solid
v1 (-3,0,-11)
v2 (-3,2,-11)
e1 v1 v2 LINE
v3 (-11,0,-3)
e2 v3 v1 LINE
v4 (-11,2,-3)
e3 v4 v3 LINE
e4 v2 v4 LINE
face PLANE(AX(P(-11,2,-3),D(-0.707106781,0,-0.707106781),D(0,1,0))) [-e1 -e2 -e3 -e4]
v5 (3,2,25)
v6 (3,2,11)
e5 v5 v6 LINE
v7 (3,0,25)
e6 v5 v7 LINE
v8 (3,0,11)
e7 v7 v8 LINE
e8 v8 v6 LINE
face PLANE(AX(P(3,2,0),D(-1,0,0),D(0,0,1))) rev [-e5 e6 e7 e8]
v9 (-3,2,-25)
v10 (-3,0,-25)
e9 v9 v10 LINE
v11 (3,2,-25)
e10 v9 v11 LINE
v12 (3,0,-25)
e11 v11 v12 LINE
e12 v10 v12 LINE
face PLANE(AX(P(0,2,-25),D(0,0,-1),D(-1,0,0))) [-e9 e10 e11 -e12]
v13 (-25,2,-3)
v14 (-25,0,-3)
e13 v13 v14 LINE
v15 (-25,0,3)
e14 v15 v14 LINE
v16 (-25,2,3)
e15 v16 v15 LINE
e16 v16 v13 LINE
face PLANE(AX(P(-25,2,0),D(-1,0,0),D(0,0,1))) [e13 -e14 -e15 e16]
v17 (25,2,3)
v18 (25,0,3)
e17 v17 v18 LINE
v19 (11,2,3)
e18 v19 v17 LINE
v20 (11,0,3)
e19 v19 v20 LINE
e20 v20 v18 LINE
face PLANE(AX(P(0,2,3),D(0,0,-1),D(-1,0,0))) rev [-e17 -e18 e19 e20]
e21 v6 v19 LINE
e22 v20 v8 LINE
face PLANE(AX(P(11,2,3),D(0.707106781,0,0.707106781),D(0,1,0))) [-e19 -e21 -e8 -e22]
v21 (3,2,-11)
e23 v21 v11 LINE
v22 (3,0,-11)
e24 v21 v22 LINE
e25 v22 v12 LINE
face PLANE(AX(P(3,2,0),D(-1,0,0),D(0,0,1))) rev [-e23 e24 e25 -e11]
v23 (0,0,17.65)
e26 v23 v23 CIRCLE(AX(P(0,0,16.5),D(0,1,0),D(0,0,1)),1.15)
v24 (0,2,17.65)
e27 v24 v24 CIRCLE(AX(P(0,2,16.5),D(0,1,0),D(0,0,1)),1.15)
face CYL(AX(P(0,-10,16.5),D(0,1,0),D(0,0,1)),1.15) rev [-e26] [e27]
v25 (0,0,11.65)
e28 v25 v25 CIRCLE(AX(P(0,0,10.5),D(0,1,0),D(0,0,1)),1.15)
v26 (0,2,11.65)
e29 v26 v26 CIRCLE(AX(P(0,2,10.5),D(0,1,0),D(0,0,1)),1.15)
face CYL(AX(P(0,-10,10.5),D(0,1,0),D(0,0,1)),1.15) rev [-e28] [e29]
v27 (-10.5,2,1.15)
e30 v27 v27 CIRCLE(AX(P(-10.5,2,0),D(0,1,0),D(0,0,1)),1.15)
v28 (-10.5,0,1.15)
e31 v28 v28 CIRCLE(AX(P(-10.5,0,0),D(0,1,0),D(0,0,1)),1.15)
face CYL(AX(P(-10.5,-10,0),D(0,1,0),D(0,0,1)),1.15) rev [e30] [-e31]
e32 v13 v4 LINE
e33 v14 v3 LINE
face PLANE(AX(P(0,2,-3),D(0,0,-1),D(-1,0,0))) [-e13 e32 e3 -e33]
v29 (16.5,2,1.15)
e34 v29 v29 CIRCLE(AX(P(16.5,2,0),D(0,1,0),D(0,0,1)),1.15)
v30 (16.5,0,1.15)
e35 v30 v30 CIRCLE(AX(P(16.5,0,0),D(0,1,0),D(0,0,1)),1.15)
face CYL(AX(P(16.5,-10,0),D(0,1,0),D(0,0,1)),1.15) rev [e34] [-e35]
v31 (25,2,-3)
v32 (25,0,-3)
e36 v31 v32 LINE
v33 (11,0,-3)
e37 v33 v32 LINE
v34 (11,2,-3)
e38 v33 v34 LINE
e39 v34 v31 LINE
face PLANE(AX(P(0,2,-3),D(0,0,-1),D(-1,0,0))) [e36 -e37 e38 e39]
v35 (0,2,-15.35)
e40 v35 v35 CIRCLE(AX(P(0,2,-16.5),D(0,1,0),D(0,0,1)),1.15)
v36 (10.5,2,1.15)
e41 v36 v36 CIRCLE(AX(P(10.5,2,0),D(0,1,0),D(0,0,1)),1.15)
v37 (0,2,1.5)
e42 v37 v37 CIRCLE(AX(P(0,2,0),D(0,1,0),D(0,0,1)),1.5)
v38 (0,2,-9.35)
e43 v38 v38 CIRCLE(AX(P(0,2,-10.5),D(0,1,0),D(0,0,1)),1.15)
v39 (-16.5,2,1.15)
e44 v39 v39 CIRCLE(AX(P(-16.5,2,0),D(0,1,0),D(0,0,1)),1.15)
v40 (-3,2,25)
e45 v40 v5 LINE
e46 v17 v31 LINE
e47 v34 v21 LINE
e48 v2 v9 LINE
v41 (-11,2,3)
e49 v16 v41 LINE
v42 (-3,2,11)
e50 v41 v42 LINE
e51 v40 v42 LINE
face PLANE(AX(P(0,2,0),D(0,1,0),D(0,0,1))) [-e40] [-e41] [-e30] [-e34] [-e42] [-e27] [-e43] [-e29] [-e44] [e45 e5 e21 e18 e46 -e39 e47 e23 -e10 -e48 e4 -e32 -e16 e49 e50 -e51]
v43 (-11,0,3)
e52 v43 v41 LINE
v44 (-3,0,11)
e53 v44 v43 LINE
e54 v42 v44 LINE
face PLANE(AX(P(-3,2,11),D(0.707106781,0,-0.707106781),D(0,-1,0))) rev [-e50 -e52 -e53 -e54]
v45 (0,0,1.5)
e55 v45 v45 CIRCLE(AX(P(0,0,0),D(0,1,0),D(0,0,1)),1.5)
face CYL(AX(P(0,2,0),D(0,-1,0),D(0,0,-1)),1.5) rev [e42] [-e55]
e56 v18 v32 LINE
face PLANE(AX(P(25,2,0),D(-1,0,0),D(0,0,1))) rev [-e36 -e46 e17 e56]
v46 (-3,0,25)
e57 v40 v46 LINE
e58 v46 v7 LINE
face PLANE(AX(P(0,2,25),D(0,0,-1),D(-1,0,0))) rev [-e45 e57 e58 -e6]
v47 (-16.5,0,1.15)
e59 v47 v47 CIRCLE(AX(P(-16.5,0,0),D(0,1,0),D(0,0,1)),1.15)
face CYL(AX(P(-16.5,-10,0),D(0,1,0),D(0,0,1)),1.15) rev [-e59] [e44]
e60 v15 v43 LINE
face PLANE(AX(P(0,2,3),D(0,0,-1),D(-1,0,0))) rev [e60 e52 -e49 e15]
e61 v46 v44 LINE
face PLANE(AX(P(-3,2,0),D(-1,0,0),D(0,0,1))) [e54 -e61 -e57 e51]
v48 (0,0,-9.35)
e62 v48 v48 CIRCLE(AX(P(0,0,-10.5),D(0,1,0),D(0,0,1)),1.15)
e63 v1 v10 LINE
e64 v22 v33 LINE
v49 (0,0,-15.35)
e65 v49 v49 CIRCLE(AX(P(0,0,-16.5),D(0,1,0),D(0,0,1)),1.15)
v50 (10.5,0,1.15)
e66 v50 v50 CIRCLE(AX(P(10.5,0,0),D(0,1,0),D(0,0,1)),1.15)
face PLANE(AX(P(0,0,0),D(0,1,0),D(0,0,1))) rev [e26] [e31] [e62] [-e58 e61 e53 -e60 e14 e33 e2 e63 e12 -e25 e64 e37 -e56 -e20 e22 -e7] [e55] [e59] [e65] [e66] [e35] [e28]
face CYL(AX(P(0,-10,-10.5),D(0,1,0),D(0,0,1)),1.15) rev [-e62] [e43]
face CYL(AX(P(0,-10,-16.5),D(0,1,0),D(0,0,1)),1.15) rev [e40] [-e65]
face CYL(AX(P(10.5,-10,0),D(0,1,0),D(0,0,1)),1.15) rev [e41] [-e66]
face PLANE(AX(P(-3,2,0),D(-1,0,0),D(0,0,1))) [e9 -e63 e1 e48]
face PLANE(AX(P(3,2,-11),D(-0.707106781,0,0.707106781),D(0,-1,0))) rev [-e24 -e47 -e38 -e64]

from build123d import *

# Parameters (mm, degrees)
SKETCH_1_W          = 22
SKETCH_1_H          = 6
SKETCH_1_W_2        = 6
SKETCH_1_H_2        = 22
SKETCH_1_R          = 1.5
EXTRUDE_1_DEPTH     = 2
SKETCH_2_R          = 1.15
CUT_EXTRUDE_1_DEPTH = 12
CHAMFER_1_SIZE      = 8


with BuildPart() as part:
    # 草图1 → 凸台-拉伸1 (new body)
    # profile 1 of 5: a face of its own
    with BuildSketch(Plane(origin=(0, 0, 0), x_dir=(1, 0, 0), z_dir=(0, 1, 0))):
        with Locations((-14, 0)):
            Rectangle(SKETCH_1_W, SKETCH_1_H)
    # profile 2 of 5: a face of its own
    with BuildSketch(Plane(origin=(0, 0, 0), x_dir=(1, 0, 0), z_dir=(0, 1, 0))):
        with Locations((14, 0)):
            Rectangle(SKETCH_1_W, SKETCH_1_H)
    # profile 3 of 5: a face of its own
    with BuildSketch(Plane(origin=(0, 0, 0), x_dir=(1, 0, 0), z_dir=(0, 1, 0))):
        with Locations((0, 14)):
            Rectangle(SKETCH_1_W_2, SKETCH_1_H_2)
    # profile 4 of 5: a face of its own
    with BuildSketch(Plane(origin=(0, 0, 0), x_dir=(1, 0, 0), z_dir=(0, 1, 0))):
        with Locations((0, -14)):
            Rectangle(SKETCH_1_W_2, SKETCH_1_H_2)
    # profile 5 of 5: a face of its own
    with BuildSketch(Plane(origin=(0, 0, 0), x_dir=(1, 0, 0), z_dir=(0, 1, 0))):
        Rectangle(SKETCH_1_W_2, SKETCH_1_H)
        with Locations(Location((0, 0, 0), (0, 0, 270))):
            Circle(SKETCH_1_R, mode=Mode.SUBTRACT)
    extrude(amount=EXTRUDE_1_DEPTH)

    # 草图2 → 切除-拉伸1 (cut)
    with BuildSketch(Plane(origin=(0, 2, 0), x_dir=(1, 0, 0), z_dir=(0, 1, 0))):
        with Locations(Location((0, 10.5, 0), (0, 0, 270))):
            Circle(SKETCH_2_R)
        with Locations(Location((0, 16.5, 0), (0, 0, 270))):
            Circle(SKETCH_2_R)
        with Locations(Location((16.5, 0, 0), (0, 0, 270))):
            Circle(SKETCH_2_R)
        with Locations(Location((10.5, 0, 0), (0, 0, 270))):
            Circle(SKETCH_2_R)
        with Locations(Location((0, -16.5, 0), (0, 0, 270))):
            Circle(SKETCH_2_R)
        with Locations(Location((0, -10.5, 0), (0, 0, 270))):
            Circle(SKETCH_2_R)
        with Locations(Location((-16.5, 0, 0), (0, 0, 270))):
            Circle(SKETCH_2_R)
        with Locations(Location((-10.5, 0, 0), (0, 0, 270))):
            Circle(SKETCH_2_R)
    extrude(amount=-CUT_EXTRUDE_1_DEPTH, mode=Mode.SUBTRACT)

    # 倒角1
    chamfer_1_edges = [part.edges().sort_by_distance(p)[0] for p in [
        (-3, 1, -3),
        (3, 1, -3),
        (3, 1, 3),
        (-3, 1, 3),
    ]]
    chamfer(chamfer_1_edges, length=CHAMFER_1_SIZE)


solid = part.part
